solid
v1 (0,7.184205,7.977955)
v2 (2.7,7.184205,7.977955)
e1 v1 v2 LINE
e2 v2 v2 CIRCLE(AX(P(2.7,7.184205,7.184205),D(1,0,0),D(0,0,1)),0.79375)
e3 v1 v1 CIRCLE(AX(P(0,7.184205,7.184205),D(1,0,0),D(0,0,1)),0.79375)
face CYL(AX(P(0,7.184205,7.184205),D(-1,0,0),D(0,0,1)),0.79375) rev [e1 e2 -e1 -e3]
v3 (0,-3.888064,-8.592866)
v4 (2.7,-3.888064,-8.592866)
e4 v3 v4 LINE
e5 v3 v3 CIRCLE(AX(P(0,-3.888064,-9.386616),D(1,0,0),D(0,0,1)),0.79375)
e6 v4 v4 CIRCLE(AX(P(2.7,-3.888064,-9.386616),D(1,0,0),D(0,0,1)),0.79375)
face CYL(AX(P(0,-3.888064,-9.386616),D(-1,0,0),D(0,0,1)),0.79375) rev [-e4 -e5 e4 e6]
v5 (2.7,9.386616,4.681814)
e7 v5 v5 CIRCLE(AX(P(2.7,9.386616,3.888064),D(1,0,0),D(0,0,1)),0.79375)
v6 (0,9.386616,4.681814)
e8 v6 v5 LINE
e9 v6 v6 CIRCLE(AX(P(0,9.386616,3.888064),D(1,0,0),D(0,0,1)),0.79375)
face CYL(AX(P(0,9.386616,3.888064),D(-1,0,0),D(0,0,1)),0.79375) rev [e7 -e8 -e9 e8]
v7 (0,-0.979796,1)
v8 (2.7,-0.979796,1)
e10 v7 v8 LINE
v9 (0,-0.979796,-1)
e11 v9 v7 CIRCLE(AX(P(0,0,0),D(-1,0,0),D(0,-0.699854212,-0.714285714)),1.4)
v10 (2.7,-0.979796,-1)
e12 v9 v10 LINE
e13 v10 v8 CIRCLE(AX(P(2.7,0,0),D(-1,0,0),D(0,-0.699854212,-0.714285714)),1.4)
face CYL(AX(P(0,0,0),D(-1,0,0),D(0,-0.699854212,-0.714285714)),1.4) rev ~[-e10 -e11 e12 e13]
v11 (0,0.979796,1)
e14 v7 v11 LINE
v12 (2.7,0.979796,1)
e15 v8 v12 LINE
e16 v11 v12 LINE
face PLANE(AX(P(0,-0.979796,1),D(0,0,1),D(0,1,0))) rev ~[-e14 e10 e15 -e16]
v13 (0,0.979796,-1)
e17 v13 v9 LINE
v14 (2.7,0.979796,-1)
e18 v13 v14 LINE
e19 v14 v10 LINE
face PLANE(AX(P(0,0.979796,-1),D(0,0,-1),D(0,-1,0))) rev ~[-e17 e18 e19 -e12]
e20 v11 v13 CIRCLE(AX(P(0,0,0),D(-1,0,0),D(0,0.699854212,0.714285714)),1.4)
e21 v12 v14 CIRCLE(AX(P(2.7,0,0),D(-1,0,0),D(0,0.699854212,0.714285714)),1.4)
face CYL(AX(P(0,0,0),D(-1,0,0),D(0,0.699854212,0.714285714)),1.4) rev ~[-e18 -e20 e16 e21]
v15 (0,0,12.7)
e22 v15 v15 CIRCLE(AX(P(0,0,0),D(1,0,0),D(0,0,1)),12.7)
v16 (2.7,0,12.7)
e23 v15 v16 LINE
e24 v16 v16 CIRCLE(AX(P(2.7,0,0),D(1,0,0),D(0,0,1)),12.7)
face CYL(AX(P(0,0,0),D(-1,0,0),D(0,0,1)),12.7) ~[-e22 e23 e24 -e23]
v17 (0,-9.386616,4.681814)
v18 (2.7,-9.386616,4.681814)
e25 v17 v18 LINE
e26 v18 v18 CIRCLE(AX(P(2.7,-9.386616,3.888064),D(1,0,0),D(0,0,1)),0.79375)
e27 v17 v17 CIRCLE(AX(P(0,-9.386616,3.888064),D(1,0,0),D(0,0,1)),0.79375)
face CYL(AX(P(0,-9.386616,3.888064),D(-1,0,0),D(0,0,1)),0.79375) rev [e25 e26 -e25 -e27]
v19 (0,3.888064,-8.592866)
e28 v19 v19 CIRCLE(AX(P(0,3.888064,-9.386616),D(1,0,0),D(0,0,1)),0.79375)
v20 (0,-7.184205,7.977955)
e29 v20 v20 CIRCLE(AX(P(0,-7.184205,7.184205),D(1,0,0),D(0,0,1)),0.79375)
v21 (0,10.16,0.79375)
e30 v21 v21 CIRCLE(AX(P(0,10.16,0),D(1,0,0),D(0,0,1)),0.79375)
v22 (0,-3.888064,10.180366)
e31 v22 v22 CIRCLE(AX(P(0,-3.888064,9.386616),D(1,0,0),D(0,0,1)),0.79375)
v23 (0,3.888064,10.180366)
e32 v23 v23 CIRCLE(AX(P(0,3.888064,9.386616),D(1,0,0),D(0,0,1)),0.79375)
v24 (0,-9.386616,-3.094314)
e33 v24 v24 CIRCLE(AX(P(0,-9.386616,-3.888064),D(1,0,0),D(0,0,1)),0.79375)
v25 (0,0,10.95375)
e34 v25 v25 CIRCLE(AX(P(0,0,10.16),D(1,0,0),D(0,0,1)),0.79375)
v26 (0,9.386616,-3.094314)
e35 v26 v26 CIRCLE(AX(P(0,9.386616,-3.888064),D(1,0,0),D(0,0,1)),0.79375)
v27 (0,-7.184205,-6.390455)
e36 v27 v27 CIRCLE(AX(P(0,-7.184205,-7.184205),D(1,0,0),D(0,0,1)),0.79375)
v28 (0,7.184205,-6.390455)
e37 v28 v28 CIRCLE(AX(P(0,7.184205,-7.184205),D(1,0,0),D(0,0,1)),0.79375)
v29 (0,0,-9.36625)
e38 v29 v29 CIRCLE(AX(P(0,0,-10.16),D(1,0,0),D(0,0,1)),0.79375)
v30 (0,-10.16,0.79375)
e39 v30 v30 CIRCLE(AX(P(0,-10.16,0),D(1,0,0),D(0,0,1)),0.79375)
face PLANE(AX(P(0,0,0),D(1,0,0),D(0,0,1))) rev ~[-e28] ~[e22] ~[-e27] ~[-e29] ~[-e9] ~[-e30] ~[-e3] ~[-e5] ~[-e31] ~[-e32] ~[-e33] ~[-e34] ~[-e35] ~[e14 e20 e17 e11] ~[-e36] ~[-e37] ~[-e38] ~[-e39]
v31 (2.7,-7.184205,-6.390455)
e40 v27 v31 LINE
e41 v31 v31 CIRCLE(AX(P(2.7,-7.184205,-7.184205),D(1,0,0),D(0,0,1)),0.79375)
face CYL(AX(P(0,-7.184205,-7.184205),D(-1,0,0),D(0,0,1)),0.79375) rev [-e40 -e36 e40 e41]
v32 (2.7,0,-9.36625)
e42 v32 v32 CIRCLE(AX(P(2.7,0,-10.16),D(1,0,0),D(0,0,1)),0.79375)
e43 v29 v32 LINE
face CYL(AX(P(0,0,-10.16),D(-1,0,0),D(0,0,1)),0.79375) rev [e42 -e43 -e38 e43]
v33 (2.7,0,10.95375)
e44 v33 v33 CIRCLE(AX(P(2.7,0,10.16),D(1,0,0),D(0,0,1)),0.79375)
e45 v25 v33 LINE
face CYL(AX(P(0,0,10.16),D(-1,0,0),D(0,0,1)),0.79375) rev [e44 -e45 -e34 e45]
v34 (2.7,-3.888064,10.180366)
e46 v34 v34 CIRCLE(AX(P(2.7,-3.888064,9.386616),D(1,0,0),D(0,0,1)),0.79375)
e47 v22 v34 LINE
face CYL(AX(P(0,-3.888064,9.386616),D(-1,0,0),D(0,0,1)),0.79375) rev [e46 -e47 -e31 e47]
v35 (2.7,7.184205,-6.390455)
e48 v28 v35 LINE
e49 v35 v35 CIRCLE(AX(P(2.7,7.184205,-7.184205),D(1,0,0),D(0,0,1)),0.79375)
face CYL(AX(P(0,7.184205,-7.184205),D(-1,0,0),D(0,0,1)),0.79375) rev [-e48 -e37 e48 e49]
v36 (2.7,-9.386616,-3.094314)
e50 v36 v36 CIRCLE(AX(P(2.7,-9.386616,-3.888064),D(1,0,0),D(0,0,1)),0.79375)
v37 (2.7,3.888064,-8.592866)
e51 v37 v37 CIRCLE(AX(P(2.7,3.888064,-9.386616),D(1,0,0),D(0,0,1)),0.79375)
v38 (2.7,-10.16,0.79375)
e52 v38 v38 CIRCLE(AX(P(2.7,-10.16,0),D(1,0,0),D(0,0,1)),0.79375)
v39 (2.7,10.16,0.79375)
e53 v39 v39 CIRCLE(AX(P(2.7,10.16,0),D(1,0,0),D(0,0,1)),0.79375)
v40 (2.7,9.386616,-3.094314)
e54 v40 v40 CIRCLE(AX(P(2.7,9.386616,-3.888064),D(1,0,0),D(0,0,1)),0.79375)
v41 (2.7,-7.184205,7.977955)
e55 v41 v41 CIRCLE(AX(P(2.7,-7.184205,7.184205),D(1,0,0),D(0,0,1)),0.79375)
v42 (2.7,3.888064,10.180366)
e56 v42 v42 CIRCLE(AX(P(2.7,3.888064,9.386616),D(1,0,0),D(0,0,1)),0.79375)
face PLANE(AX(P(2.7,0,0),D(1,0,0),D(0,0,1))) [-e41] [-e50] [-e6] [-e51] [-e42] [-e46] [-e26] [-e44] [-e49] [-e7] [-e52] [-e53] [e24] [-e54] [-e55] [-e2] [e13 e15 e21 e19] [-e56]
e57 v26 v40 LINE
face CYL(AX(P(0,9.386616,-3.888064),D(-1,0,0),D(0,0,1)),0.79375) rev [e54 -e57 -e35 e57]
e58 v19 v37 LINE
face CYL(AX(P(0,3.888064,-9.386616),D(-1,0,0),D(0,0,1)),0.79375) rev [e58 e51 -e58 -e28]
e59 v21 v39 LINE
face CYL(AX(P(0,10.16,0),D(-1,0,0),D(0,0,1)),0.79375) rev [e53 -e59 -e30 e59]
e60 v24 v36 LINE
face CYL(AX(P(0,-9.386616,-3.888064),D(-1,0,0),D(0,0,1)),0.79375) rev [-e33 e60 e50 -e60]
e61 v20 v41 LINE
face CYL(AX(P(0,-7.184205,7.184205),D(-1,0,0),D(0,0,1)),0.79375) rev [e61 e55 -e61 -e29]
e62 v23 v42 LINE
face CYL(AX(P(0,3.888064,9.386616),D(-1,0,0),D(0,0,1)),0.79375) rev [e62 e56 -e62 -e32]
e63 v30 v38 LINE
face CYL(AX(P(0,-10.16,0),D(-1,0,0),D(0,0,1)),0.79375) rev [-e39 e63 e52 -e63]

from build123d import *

# Parameters (mm, degrees)
SKETCH1_R   = 12.7
SKETCH1_R_2 = 0.79375
BASE_DEPTH  = 2.7


with BuildPart() as part:
    # Sketch1 → Base (new body)
    with BuildSketch(Plane(origin=(0, 0, 0), x_dir=(0, 0, -1), z_dir=(1, 0, 0))):
        with Locations(Location((0, 0, 0), (0, 0, 180))):
            Circle(SKETCH1_R)
        with Locations(Location((0, 10.16, 0), (0, 0, 180))):
            Circle(SKETCH1_R_2, mode=Mode.SUBTRACT)
        with Locations(Location((3.888063673, 9.38661605, 0), (0, 0, 180))):
            Circle(SKETCH1_R_2, mode=Mode.SUBTRACT)
        with Locations(Location((7.184204897, 7.184204897, 0), (0, 0, 180))):
            Circle(SKETCH1_R_2, mode=Mode.SUBTRACT)
        with Locations(Location((9.38661605, 3.888063673, 0), (0, 0, 180))):
            Circle(SKETCH1_R_2, mode=Mode.SUBTRACT)
        with Locations(Location((10.16, 0, 0), (0, 0, 180))):
            Circle(SKETCH1_R_2, mode=Mode.SUBTRACT)
        with Locations(Location((9.38661605, -3.888063673, 0), (0, 0, 180))):
            Circle(SKETCH1_R_2, mode=Mode.SUBTRACT)
        with Locations(Location((7.184204897, -7.184204897, 0), (0, 0, 180))):
            Circle(SKETCH1_R_2, mode=Mode.SUBTRACT)
        with Locations(Location((3.888063673, -9.38661605, 0), (0, 0, 180))):
            Circle(SKETCH1_R_2, mode=Mode.SUBTRACT)
        with Locations(Location((0, -10.16, 0), (0, 0, 180))):
            Circle(SKETCH1_R_2, mode=Mode.SUBTRACT)
        with Locations(Location((-3.888063673, -9.38661605, 0), (0, 0, 180))):
            Circle(SKETCH1_R_2, mode=Mode.SUBTRACT)
        with Locations(Location((-7.184204897, -7.184204897, 0), (0, 0, 180))):
            Circle(SKETCH1_R_2, mode=Mode.SUBTRACT)
        with Locations(Location((-9.38661605, -3.888063673, 0), (0, 0, 180))):
            Circle(SKETCH1_R_2, mode=Mode.SUBTRACT)
        with Locations(Location((-10.16, 0, 0), (0, 0, 180))):
            Circle(SKETCH1_R_2, mode=Mode.SUBTRACT)
        with Locations(Location((-9.38661605, 3.888063673, 0), (0, 0, 180))):
            Circle(SKETCH1_R_2, mode=Mode.SUBTRACT)
        with Locations(Location((-7.184204897, 7.184204897, 0), (0, 0, 180))):
            Circle(SKETCH1_R_2, mode=Mode.SUBTRACT)
        with Locations(Location((-3.888063673, 9.38661605, 0), (0, 0, 180))):
            Circle(SKETCH1_R_2, mode=Mode.SUBTRACT)
        with BuildLine():
            Line((1, 0.979795897), (1, -0.979795897))
            ThreePointArc((1, -0.979795897), (0, -1.4), (-1, -0.979795897))
            Line((-1, -0.979795897), (-1, 0.979795897))
            ThreePointArc((-1, 0.979795897), (0, 1.4), (1, 0.979795897))
        make_face(mode=Mode.SUBTRACT)
    extrude(amount=BASE_DEPTH)


solid = part.part
